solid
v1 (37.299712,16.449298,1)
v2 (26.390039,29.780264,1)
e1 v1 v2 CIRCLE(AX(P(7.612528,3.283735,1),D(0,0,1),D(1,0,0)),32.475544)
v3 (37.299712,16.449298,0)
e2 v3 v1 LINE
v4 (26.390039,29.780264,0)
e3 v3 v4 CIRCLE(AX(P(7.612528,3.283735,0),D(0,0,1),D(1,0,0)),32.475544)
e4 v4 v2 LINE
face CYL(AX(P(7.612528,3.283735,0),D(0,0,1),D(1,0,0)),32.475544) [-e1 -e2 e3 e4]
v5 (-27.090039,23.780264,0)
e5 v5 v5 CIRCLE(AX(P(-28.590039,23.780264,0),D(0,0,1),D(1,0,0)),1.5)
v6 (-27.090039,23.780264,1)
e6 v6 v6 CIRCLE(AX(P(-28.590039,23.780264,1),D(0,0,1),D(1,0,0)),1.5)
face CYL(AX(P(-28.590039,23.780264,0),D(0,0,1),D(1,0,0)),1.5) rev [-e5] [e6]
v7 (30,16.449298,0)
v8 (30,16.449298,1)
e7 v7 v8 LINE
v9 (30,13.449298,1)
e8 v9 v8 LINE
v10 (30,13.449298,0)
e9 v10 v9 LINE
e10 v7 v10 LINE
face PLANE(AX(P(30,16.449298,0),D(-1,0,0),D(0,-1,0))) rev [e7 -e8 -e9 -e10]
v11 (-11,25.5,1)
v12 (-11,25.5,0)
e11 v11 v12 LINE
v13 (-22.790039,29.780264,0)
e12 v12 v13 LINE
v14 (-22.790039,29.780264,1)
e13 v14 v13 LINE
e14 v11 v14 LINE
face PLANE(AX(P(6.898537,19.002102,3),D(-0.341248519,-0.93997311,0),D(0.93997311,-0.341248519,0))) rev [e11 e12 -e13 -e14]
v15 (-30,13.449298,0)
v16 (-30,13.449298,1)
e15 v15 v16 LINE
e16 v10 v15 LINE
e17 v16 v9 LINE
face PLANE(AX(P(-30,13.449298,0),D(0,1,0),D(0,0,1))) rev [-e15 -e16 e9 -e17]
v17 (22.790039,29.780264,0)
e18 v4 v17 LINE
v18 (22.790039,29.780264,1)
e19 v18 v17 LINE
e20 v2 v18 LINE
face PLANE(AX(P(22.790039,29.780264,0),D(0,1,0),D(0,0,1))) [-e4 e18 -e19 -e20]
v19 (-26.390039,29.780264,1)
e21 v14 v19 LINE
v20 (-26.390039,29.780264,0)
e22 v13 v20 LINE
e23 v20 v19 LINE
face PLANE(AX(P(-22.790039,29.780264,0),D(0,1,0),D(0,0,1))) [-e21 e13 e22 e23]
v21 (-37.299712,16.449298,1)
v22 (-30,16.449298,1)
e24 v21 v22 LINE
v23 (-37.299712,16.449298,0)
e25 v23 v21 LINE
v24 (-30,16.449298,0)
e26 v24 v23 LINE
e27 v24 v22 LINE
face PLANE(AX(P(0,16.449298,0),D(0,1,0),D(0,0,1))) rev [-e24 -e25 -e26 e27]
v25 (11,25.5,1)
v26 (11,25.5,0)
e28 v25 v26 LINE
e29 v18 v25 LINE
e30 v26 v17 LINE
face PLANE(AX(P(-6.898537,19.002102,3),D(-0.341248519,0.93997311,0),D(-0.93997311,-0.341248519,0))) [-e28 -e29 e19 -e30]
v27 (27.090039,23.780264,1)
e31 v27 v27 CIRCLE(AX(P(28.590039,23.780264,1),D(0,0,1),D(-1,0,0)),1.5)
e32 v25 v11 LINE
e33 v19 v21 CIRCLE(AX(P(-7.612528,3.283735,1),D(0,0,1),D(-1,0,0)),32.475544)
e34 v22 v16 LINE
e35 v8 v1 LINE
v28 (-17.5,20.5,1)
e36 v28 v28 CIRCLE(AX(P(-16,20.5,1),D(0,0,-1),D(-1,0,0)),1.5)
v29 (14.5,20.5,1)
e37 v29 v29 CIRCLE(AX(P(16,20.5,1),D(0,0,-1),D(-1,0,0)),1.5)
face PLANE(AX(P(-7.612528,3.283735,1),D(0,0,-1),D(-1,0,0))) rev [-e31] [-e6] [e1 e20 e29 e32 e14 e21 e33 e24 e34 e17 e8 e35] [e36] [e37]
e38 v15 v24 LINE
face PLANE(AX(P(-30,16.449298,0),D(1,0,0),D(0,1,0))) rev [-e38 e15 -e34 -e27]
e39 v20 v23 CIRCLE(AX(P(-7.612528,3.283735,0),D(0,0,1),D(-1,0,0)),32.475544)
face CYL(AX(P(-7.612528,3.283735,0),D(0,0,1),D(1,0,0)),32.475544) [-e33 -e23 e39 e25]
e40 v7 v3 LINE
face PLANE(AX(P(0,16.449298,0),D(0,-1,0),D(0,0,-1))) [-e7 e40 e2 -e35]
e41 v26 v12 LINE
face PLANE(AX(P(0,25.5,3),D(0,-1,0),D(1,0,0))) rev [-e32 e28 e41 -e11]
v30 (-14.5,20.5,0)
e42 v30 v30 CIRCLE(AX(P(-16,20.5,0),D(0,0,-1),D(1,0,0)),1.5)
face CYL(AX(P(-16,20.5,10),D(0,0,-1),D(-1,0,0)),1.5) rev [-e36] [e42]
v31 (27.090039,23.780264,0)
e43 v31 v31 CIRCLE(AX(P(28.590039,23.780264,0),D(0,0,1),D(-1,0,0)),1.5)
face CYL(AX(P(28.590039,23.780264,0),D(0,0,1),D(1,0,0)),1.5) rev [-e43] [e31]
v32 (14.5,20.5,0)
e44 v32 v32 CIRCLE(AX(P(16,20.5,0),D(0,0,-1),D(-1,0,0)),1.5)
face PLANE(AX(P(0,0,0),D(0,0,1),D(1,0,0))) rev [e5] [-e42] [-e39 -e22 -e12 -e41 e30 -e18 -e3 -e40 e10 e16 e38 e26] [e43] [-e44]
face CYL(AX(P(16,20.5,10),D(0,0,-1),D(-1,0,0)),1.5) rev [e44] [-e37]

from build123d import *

# Parameters (mm, degrees)
BOSS_EXTRUDE1_DEPTH = 3
SKETCH2_R           = 1.5
CUT_EXTRUDE3_DEPTH  = 3
CUT_EXTRUDE4_START  = -10
CUT_EXTRUDE4_DEPTH  = 10
BOSS_EXTRUDE2_START = -3
BOSS_EXTRUDE2_DEPTH = 3
SKETCH5_W           = 0.56
SKETCH5_H           = 32.898596714
CUT_EXTRUDE5_DEPTH  = 3
SKETCH6_W           = 0.2
SKETCH6_H           = 32.898596714
CUT_EXTRUDE6_DEPTH  = 3
SKETCH7_R           = 2
CUT_EXTRUDE8_DEPTH  = 3
BOSS_EXTRUDE3_START = -3
BOSS_EXTRUDE3_DEPTH = 3
CUT_EXTRUDE9_START  = -3
CUT_EXTRUDE9_DEPTH  = 3
BOSS_EXTRUDE5_START = -3
BOSS_EXTRUDE5_DEPTH = 3
CUT_EXTRUDE10_START = -2
CUT_EXTRUDE10_DEPTH = 2
CUT_EXTRUDE11_START = -3
CUT_EXTRUDE11_DEPTH = 3
SKETCH13_R          = 1.5
CUT_EXTRUDE12_DEPTH = 1
SKETCH15_R          = 1.5
CUT_EXTRUDE13_DEPTH = 10


with BuildPart() as part:
    # Sketch1 → Boss-Extrude1 (new body)
    with BuildSketch(Plane.XY):
        with BuildLine():
            Line((-11, 25.5), (-22.790038711, 29.780264196))
            ThreePointArc((-22.790038711, 29.780264196), (0, -37.5), (22.790038711, 29.780264196))
            Line((22.790038711, 29.780264196), (11, 25.5))
            Line((11, 25.5), (-11, 25.5))
        make_face()
    extrude(amount=BOSS_EXTRUDE1_DEPTH)

    # Sketch2 → Cut-Extrude3 (cut)
    with BuildSketch(Plane.XY.offset(3)):
        with Locations((-25.400000001, 10.496905453)):
            Circle(SKETCH2_R)
        with Locations((-25.399981845, -10.493094547)):
            Circle(SKETCH2_R)
        with Locations(Location((25.399981845, -10.493094547, 0), (0, 0, 180))):
            Circle(SKETCH2_R)
        with Locations(Location((25.400000001, 10.496905453, 0), (0, 0, 180))):
            Circle(SKETCH2_R)
    extrude(amount=-CUT_EXTRUDE3_DEPTH, mode=Mode.SUBTRACT)

    # Sketch3 → Cut-Extrude4 (cut)
    with BuildSketch(Plane.XY.offset(3).offset(CUT_EXTRUDE4_START)):
        with BuildLine():
            Line((-30.76, 21.449298357), (-30.76, -21.449298357))
            ThreePointArc((-30.76, -21.449298357), (-37.5, 0), (-30.76, 21.449298357))
        make_face()
        with BuildLine():
            Line((30.76, 21.449298357), (30.76, -21.449298357))
            ThreePointArc((30.76, -21.449298357), (37.5, 0), (30.76, 21.449298357))
        make_face()
    extrude(amount=CUT_EXTRUDE4_DEPTH, mode=Mode.SUBTRACT)

    # Sketch4 → Boss-Extrude2 (add)
    with BuildSketch(Plane.XY.offset(3).offset(BOSS_EXTRUDE2_START)):
        with BuildLine():
            Line((-30.76, -21.449298357), (-30.76, -16.449298357))
            Line((-30.76, -16.449298357), (-33.699711921, -16.449298357))
            ThreePointArc((-33.699711921, -16.449298357), (-32.32667034, -19.006219634), (-30.76, -21.449298357))
        make_face()
        with BuildLine():
            Line((-33.699711921, 16.449298357), (-30.76, 16.449298357))
            Line((-30.76, 16.449298357), (-30.76, 21.449298357))
            ThreePointArc((-30.76, 21.449298357), (-32.32667034, 19.006219634), (-33.699711921, 16.449298357))
        make_face()
        with BuildLine():
            Line((30.76, 21.449298357), (30.76, 16.449298357))
            Line((30.76, 16.449298357), (33.699711921, 16.449298357))
            ThreePointArc((33.699711921, 16.449298357), (32.32667034, 19.006219634), (30.76, 21.449298357))
        make_face()
        with BuildLine():
            Line((30.76, -16.449298357), (30.76, -21.449298357))
            ThreePointArc((30.76, -21.449298357), (32.32667034, -19.006219634), (33.699711921, -16.449298357))
            Line((33.699711921, -16.449298357), (30.76, -16.449298357))
        make_face()
    extrude(amount=BOSS_EXTRUDE2_DEPTH)

    # Sketch5 → Cut-Extrude5 (cut)
    with BuildSketch(Plane.XY.offset(3)):
        with Locations((-30.48, 0)):
            Rectangle(SKETCH5_W, SKETCH5_H)
        with Locations((30.48, 0)):
            Rectangle(SKETCH5_W, SKETCH5_H)
    extrude(amount=-CUT_EXTRUDE5_DEPTH, mode=Mode.SUBTRACT)

    # Sketch6 → Cut-Extrude6 (cut)
    with BuildSketch(Plane.XY.offset(3)):
        with Locations((-30.1, 0)):
            Rectangle(SKETCH6_W, SKETCH6_H)
        with Locations((30.1, 0)):
            Rectangle(SKETCH6_W, SKETCH6_H)
    extrude(amount=-CUT_EXTRUDE6_DEPTH, mode=Mode.SUBTRACT)

    # Sketch7 → Cut-Extrude8 (cut)
    with BuildSketch(Plane.XY.offset(3)):
        with Locations((-19.15, -21.55)):
            Circle(SKETCH7_R)
        with Locations(Location((19.15, -21.55, 0), (0, 0, 180))):
            Circle(SKETCH7_R)
    extrude(amount=-CUT_EXTRUDE8_DEPTH, mode=Mode.SUBTRACT)

    # Sketch8 → Boss-Extrude3 (add)
    with BuildSketch(Plane.XY.offset(3).offset(BOSS_EXTRUDE3_START)):
        with BuildLine():
            Line((-33.699711921, 16.449298357), (-37.299711921, 16.449298357))
            ThreePointArc((-37.299711921, 16.449298357), (-32.744884003, 23.851322108), (-26.390038711, 29.780264196))
            Line((-26.390038711, 29.780264196), (-22.790038711, 29.780264196))
            ThreePointArc((-22.790038711, 29.780264196), (-29.020710607, 23.749702226), (-33.699711921, 16.449298357))
        make_face()
        with BuildLine():
            Line((33.699711921, 16.449298357), (37.299711921, 16.449298357))
            ThreePointArc((37.299711921, 16.449298357), (32.744884003, 23.851322108), (26.390038711, 29.780264196))
            Line((26.390038711, 29.780264196), (22.790038711, 29.780264196))
            ThreePointArc((22.790038711, 29.780264196), (29.020710607, 23.749702226), (33.699711921, 16.449298357))
        make_face()
    extrude(amount=BOSS_EXTRUDE3_DEPTH)

    # Sketch9 → Cut-Extrude9 (cut)
    with BuildSketch(Plane.XY.offset(3).offset(CUT_EXTRUDE9_START)):
        with BuildLine():
            Line((4.733920151, -37.2), (-4.733920151, -37.2))
            ThreePointArc((-4.733920151, -37.2), (0, -37.5), (4.733920151, -37.2))
        make_face()
    extrude(amount=CUT_EXTRUDE9_DEPTH, mode=Mode.SUBTRACT)

    # Sketch10 → Boss-Extrude5 (add)
    with BuildSketch(Plane.XY.offset(3).offset(BOSS_EXTRUDE5_START)):
        with BuildLine():
            ThreePointArc((-4.733920151, -37.2), (-21.838816892, -30.484685938), (-33.699711921, -16.449298357))
            Line((-33.699711921, -16.449298357), (-37.299711921, -16.449298357))
            ThreePointArc((-37.299711921, -16.449298357), (-23.43831182, -30.624902723), (-4.733920151, -37.2))
        make_face()
        with BuildLine():
            ThreePointArc((33.699711921, -16.449298357), (21.838816892, -30.484685938), (4.733920151, -37.2))
            ThreePointArc((4.733920151, -37.2), (23.43831182, -30.624902723), (37.299711921, -16.449298357))
            Line((37.299711921, -16.449298357), (33.699711921, -16.449298357))
        make_face()
        with BuildLine():
            Line((4.733920151, -37.2), (-4.733920151, -37.2))
            ThreePointArc((-4.733920151, -37.2), (0, -37.457659609), (4.733920151, -37.2))
        make_face()
    extrude(amount=BOSS_EXTRUDE5_DEPTH)

    # Sketch11 → Cut-Extrude10 (cut)
    with BuildSketch(Plane.XY.offset(3).offset(CUT_EXTRUDE10_START)):
        with BuildLine():
            Line((-30, 16.449298357), (-30, 13.449298357))
            Line((-30, 13.449298357), (30, 13.449298357))
            Line((30, 13.449298357), (30, 16.449298357))
            Line((30, 16.449298357), (37.299711921, 16.449298357))
            ThreePointArc((37.299711921, 16.449298357), (32.744884003, 23.851322108), (26.390038711, 29.780264196))
            Line((26.390038711, 29.780264196), (22.790038711, 29.780264196))
            Line((22.790038711, 29.780264196), (11, 25.5))
            Line((11, 25.5), (-11, 25.5))
            Line((-11, 25.5), (-22.790038711, 29.780264196))
            Line((-22.790038711, 29.780264196), (-26.390038711, 29.780264196))
            ThreePointArc((-26.390038711, 29.780264196), (-32.744884003, 23.851322108), (-37.299711921, 16.449298357))
            Line((-37.299711921, 16.449298357), (-30, 16.449298357))
        make_face()
    extrude(amount=CUT_EXTRUDE10_DEPTH, mode=Mode.SUBTRACT)

    # Sketch12 → Cut-Extrude11 (cut)
    with BuildSketch(Plane.XY.offset(3).offset(CUT_EXTRUDE11_START)):
        with BuildLine():
            Line((-30, 13.449298357), (-30, -16.449298357))
            Line((-30, -16.449298357), (-37.299711921, -16.449298357))
            ThreePointArc((-37.299711921, -16.449298357), (0, -37.457659609), (37.299711921, -16.449298357))
            Line((37.299711921, -16.449298357), (30, -16.449298357))
            Line((30, -16.449298357), (30, 13.449298357))
            Line((30, 13.449298357), (-30, 13.449298357))
        make_face()
    extrude(amount=CUT_EXTRUDE11_DEPTH, mode=Mode.SUBTRACT)

    # Sketch13 → Cut-Extrude12 (cut)
    with BuildSketch(Plane.XY.offset(1)):
        with Locations((-28.590038711, 23.780264196)):
            Circle(SKETCH13_R)
        with Locations(Location((28.590038711, 23.780264196, 0), (0, 0, 180))):
            Circle(SKETCH13_R)
    extrude(amount=-CUT_EXTRUDE12_DEPTH, mode=Mode.SUBTRACT)

    # Sketch15 → Cut-Extrude13 (cut)
    with BuildSketch(Plane(origin=(0, 0, 0), x_dir=(-1, 0, 0), z_dir=(0, 0, -1))):
        with Locations((-16, 20.5)):
            Circle(SKETCH15_R)
        with Locations((16, 20.5)):
            Circle(SKETCH15_R)
    extrude(amount=-CUT_EXTRUDE13_DEPTH, mode=Mode.SUBTRACT)


solid = part.part
